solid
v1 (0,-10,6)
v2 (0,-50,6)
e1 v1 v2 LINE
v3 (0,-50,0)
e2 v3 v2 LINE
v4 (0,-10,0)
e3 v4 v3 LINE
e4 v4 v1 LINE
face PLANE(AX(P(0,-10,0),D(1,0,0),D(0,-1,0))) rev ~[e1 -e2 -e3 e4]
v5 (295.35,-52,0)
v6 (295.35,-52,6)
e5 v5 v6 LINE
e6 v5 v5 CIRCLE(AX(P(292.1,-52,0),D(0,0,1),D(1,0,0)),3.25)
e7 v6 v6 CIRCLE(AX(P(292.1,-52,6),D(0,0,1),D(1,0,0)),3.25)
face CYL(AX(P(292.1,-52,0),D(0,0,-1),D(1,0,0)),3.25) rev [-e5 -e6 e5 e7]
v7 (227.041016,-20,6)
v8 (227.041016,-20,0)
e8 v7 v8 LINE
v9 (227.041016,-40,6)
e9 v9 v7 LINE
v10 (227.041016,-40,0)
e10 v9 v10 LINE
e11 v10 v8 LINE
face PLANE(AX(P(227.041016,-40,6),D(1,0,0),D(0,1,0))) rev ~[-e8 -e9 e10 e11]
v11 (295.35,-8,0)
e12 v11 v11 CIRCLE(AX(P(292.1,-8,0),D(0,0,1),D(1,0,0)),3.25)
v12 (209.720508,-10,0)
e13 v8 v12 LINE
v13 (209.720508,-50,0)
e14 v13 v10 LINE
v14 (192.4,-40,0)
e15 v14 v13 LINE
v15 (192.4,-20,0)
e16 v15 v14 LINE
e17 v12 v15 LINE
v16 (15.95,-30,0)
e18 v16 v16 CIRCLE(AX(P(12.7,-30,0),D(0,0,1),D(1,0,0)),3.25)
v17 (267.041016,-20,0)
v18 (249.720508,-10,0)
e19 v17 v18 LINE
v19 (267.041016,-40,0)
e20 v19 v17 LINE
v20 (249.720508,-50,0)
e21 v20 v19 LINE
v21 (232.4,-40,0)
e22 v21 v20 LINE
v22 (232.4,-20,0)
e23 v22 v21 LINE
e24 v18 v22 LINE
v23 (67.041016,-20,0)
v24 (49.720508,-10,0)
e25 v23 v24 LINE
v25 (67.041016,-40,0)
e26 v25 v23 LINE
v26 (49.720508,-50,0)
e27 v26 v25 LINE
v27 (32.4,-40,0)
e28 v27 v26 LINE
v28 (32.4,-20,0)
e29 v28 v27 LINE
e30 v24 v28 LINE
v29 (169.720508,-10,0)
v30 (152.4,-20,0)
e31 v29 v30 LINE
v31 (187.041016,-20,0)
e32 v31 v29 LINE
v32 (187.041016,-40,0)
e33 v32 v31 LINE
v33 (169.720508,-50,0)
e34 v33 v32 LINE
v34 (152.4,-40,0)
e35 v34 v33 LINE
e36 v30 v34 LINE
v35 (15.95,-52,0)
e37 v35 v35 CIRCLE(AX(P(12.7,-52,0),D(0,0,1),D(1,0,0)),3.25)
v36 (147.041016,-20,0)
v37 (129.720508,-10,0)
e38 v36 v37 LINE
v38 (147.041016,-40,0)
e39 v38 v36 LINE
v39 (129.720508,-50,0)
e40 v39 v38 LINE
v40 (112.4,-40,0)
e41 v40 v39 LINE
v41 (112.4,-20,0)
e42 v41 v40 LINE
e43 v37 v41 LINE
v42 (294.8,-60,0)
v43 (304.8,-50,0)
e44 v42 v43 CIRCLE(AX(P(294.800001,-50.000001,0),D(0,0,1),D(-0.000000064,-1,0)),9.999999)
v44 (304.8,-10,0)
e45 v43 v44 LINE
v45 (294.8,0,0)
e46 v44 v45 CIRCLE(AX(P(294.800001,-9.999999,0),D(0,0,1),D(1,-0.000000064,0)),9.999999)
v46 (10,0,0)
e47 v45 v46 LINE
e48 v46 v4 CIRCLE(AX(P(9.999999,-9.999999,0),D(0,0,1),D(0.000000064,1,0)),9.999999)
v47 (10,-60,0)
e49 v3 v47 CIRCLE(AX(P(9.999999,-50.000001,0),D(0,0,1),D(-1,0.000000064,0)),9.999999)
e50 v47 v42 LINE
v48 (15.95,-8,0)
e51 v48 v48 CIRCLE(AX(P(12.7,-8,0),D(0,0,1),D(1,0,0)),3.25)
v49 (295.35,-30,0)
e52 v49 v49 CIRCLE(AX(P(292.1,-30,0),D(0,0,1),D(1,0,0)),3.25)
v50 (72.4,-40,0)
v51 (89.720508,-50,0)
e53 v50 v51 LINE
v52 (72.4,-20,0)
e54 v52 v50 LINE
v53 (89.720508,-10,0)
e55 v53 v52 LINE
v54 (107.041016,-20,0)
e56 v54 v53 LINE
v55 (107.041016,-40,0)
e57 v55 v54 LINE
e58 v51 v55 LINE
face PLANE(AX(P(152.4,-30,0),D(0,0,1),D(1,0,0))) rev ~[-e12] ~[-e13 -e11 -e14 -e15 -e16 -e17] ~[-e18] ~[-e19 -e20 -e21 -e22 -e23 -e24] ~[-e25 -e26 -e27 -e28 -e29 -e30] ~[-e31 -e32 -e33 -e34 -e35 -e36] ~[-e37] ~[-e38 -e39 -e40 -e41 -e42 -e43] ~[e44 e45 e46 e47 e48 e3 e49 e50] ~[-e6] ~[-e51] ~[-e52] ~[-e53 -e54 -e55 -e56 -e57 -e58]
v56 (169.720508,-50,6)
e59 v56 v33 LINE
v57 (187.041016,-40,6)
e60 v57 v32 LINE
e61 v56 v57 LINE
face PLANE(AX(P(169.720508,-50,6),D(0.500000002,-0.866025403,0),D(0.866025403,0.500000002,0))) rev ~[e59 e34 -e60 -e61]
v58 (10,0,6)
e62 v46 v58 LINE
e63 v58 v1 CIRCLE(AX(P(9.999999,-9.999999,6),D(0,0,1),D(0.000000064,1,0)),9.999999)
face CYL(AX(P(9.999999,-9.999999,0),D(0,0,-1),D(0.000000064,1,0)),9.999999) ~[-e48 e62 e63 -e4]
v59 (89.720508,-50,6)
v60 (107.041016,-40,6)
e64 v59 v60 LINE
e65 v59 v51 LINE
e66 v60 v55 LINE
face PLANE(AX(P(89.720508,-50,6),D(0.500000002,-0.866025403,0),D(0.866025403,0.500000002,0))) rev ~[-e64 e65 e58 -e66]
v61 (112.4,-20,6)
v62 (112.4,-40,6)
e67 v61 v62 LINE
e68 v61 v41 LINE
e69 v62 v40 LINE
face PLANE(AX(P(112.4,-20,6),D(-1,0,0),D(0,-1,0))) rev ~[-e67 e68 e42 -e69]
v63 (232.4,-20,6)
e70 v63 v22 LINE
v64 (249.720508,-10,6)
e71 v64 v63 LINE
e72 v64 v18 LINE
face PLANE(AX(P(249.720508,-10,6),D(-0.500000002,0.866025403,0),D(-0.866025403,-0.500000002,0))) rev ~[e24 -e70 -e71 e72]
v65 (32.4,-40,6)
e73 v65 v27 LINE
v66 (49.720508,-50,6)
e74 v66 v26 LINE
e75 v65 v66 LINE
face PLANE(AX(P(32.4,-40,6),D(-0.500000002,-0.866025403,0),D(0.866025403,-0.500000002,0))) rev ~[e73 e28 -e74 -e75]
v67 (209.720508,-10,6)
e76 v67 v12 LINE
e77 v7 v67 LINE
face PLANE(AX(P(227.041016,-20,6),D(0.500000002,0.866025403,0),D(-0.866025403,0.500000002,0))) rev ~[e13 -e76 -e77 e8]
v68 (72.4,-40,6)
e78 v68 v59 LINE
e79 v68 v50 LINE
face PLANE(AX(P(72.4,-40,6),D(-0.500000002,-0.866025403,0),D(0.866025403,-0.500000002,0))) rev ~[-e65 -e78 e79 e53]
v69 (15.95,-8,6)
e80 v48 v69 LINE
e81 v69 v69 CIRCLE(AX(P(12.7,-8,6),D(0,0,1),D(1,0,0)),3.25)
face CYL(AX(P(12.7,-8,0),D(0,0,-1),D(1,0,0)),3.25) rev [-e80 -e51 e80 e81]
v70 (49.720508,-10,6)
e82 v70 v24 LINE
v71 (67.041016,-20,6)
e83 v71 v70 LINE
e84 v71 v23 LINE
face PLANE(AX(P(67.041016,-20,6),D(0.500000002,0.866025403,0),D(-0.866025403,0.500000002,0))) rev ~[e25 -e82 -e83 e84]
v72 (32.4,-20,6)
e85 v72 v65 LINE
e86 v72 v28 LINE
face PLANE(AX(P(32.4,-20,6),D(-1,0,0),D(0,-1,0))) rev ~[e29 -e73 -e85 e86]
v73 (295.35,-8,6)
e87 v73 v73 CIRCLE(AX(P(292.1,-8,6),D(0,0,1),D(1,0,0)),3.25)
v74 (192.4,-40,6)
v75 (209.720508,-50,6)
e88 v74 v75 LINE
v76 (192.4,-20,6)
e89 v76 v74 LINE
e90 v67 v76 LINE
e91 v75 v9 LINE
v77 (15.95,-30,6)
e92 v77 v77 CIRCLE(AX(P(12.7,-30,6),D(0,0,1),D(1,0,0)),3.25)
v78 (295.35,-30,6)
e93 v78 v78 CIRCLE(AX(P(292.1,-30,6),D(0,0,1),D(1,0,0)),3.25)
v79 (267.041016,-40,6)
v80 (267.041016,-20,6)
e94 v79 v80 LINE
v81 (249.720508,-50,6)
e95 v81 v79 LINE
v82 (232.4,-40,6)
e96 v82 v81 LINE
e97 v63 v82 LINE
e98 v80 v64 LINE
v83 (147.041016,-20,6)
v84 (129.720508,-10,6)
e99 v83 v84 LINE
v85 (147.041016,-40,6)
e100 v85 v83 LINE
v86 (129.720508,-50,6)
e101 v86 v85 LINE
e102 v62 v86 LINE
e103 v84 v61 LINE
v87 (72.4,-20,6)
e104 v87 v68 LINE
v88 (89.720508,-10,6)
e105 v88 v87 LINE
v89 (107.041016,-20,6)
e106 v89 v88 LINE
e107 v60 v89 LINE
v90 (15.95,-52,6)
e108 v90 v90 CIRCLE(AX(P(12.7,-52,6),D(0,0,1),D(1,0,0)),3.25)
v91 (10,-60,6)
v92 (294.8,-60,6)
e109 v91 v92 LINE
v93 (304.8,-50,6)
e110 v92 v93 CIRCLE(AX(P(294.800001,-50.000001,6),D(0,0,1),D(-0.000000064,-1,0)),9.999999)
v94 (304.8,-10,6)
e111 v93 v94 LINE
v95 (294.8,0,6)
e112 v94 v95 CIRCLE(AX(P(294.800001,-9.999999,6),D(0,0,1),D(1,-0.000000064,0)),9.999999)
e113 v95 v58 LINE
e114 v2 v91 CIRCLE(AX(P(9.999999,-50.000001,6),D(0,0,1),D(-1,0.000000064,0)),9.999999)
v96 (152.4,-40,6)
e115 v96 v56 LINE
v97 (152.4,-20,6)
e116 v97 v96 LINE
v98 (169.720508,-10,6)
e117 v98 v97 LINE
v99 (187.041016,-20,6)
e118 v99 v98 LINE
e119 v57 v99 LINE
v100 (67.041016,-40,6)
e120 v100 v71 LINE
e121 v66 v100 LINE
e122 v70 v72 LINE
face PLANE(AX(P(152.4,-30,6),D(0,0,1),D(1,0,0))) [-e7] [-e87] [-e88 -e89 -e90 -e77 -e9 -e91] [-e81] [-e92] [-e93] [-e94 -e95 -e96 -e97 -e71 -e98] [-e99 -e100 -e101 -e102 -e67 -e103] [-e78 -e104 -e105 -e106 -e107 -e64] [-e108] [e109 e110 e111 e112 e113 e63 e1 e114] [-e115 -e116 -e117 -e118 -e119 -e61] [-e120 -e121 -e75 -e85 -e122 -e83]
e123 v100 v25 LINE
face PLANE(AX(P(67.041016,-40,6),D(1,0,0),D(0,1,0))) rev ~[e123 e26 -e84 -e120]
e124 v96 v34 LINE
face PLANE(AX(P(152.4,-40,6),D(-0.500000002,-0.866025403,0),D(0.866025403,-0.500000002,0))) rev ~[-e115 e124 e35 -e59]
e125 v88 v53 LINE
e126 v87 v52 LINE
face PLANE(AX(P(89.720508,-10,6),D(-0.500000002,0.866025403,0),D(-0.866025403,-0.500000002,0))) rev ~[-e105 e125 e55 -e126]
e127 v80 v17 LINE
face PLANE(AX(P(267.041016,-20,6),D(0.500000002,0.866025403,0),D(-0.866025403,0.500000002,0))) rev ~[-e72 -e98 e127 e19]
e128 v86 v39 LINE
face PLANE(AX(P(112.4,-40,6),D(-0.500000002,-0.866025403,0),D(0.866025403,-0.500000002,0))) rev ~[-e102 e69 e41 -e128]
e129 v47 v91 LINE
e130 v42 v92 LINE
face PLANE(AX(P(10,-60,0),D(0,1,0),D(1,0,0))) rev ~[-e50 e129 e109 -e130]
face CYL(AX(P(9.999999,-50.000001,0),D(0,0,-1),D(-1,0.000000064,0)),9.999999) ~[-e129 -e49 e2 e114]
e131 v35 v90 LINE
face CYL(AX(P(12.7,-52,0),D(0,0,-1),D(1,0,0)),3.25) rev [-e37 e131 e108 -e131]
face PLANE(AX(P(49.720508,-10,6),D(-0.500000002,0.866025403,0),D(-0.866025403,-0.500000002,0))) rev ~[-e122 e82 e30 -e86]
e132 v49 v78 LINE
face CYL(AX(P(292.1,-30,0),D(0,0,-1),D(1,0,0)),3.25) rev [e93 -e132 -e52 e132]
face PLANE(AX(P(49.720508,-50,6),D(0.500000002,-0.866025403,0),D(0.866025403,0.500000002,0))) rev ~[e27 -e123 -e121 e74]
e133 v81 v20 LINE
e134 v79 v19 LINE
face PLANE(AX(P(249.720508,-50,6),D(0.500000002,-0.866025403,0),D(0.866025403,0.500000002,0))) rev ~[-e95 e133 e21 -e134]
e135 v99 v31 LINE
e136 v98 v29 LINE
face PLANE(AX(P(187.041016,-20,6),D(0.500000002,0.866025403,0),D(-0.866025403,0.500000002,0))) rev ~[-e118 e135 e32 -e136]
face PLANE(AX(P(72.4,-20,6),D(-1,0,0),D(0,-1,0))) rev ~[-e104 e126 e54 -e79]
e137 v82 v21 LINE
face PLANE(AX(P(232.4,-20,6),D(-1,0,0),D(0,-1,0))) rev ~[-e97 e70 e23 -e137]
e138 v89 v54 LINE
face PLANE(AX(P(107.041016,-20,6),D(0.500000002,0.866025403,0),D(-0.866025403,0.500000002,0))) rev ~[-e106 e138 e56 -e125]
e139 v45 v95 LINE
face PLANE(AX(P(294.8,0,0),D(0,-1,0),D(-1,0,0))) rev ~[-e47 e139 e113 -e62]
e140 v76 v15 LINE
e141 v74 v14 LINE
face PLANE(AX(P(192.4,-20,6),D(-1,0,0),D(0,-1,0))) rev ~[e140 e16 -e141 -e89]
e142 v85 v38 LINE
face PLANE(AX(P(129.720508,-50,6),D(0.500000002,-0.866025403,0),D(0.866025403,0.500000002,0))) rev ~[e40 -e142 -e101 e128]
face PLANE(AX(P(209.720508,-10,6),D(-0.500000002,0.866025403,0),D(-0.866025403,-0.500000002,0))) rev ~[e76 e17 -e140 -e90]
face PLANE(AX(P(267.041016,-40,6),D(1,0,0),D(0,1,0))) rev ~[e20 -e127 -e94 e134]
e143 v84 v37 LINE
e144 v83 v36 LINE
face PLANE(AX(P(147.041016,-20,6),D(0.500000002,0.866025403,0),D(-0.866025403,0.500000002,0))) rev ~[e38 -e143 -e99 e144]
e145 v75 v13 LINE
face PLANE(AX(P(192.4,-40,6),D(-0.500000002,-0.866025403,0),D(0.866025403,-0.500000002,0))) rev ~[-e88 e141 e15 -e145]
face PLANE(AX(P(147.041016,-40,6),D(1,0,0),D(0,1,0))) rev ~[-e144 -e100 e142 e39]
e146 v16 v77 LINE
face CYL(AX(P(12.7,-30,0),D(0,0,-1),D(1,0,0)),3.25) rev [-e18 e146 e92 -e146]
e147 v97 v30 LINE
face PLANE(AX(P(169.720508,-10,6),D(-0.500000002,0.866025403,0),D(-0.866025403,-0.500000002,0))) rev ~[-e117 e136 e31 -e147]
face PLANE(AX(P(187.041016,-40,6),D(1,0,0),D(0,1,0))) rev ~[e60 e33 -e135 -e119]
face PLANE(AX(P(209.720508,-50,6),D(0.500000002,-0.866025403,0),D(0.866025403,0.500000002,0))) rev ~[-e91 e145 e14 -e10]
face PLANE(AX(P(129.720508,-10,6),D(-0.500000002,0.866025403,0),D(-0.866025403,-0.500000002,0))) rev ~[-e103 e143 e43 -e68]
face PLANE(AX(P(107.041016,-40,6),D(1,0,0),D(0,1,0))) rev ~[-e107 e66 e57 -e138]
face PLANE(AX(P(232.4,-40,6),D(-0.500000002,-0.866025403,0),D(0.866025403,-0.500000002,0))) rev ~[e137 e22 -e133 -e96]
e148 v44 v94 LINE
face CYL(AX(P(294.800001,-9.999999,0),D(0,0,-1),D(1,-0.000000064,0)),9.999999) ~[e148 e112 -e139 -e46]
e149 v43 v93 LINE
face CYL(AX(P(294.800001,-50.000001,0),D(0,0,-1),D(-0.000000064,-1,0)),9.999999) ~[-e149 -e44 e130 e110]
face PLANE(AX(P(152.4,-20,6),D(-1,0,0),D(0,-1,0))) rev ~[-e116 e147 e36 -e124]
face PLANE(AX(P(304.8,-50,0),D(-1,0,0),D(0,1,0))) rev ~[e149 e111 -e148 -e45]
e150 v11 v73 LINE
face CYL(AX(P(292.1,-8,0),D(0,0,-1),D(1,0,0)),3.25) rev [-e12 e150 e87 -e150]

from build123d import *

# Parameters (mm, degrees)
SKETCH001_R  = 3.25
PAD_DEPTH    = 6
POCKET_DEPTH = 6


with BuildPart() as part:
    # Sketch001 → Pad (new body)
    with BuildSketch(Plane.XY):
        with BuildLine():
            Line((0, -10), (0, -50))
            ThreePointArc((0, -50), (2.928932, -57.071068), (10, -60))
            Line((10, -60), (294.8, -60))
            ThreePointArc((294.8, -60), (301.871068, -57.071068), (304.8, -50))
            Line((304.8, -50), (304.8, -10))
            ThreePointArc((304.8, -10), (301.871068, -2.928932), (294.8, 0))
            Line((294.8, 0), (10, 0))
            ThreePointArc((10, 0), (2.928932, -2.928932), (0, -10))
        make_face()
        with Locations((292.1, -8)):
            Circle(SKETCH001_R, mode=Mode.SUBTRACT)
        with Locations((292.1, -52)):
            Circle(SKETCH001_R, mode=Mode.SUBTRACT)
        with Locations((292.1, -30)):
            Circle(SKETCH001_R, mode=Mode.SUBTRACT)
        with Locations((12.7, -8)):
            Circle(SKETCH001_R, mode=Mode.SUBTRACT)
        with Locations((12.7, -52)):
            Circle(SKETCH001_R, mode=Mode.SUBTRACT)
        with Locations((12.7, -30)):
            Circle(SKETCH001_R, mode=Mode.SUBTRACT)
    extrude(amount=PAD_DEPTH)

    # Sketch (on Face16 of Pad) → Pocket (cut)
    with BuildSketch(Plane.XY.offset(6)):
        Polygon((187.041016, -20), (169.720508, -10), (152.4, -20), (152.4, -40), (169.720508, -50), (187.041016, -40), align=None)
        Polygon((227.041016, -20), (209.720508, -10), (192.4, -20), (192.4, -40), (209.720508, -50), (227.041016, -40), align=None)
        Polygon((267.041016, -20), (249.720508, -10), (232.4, -20), (232.4, -40), (249.720508, -50), (267.041016, -40), align=None)
        Polygon((67.041016, -20), (49.720508, -10), (32.4, -20), (32.4, -40), (49.720508, -50), (67.041016, -40), align=None)
        Polygon((107.041016, -20), (89.720508, -10), (72.4, -20), (72.4, -40), (89.720508, -50), (107.041016, -40), align=None)
        Polygon((147.041016, -20), (129.720508, -10), (112.4, -20), (112.4, -40), (129.720508, -50), (147.041016, -40), align=None)
    extrude(amount=-POCKET_DEPTH, mode=Mode.SUBTRACT)


solid = part.part
